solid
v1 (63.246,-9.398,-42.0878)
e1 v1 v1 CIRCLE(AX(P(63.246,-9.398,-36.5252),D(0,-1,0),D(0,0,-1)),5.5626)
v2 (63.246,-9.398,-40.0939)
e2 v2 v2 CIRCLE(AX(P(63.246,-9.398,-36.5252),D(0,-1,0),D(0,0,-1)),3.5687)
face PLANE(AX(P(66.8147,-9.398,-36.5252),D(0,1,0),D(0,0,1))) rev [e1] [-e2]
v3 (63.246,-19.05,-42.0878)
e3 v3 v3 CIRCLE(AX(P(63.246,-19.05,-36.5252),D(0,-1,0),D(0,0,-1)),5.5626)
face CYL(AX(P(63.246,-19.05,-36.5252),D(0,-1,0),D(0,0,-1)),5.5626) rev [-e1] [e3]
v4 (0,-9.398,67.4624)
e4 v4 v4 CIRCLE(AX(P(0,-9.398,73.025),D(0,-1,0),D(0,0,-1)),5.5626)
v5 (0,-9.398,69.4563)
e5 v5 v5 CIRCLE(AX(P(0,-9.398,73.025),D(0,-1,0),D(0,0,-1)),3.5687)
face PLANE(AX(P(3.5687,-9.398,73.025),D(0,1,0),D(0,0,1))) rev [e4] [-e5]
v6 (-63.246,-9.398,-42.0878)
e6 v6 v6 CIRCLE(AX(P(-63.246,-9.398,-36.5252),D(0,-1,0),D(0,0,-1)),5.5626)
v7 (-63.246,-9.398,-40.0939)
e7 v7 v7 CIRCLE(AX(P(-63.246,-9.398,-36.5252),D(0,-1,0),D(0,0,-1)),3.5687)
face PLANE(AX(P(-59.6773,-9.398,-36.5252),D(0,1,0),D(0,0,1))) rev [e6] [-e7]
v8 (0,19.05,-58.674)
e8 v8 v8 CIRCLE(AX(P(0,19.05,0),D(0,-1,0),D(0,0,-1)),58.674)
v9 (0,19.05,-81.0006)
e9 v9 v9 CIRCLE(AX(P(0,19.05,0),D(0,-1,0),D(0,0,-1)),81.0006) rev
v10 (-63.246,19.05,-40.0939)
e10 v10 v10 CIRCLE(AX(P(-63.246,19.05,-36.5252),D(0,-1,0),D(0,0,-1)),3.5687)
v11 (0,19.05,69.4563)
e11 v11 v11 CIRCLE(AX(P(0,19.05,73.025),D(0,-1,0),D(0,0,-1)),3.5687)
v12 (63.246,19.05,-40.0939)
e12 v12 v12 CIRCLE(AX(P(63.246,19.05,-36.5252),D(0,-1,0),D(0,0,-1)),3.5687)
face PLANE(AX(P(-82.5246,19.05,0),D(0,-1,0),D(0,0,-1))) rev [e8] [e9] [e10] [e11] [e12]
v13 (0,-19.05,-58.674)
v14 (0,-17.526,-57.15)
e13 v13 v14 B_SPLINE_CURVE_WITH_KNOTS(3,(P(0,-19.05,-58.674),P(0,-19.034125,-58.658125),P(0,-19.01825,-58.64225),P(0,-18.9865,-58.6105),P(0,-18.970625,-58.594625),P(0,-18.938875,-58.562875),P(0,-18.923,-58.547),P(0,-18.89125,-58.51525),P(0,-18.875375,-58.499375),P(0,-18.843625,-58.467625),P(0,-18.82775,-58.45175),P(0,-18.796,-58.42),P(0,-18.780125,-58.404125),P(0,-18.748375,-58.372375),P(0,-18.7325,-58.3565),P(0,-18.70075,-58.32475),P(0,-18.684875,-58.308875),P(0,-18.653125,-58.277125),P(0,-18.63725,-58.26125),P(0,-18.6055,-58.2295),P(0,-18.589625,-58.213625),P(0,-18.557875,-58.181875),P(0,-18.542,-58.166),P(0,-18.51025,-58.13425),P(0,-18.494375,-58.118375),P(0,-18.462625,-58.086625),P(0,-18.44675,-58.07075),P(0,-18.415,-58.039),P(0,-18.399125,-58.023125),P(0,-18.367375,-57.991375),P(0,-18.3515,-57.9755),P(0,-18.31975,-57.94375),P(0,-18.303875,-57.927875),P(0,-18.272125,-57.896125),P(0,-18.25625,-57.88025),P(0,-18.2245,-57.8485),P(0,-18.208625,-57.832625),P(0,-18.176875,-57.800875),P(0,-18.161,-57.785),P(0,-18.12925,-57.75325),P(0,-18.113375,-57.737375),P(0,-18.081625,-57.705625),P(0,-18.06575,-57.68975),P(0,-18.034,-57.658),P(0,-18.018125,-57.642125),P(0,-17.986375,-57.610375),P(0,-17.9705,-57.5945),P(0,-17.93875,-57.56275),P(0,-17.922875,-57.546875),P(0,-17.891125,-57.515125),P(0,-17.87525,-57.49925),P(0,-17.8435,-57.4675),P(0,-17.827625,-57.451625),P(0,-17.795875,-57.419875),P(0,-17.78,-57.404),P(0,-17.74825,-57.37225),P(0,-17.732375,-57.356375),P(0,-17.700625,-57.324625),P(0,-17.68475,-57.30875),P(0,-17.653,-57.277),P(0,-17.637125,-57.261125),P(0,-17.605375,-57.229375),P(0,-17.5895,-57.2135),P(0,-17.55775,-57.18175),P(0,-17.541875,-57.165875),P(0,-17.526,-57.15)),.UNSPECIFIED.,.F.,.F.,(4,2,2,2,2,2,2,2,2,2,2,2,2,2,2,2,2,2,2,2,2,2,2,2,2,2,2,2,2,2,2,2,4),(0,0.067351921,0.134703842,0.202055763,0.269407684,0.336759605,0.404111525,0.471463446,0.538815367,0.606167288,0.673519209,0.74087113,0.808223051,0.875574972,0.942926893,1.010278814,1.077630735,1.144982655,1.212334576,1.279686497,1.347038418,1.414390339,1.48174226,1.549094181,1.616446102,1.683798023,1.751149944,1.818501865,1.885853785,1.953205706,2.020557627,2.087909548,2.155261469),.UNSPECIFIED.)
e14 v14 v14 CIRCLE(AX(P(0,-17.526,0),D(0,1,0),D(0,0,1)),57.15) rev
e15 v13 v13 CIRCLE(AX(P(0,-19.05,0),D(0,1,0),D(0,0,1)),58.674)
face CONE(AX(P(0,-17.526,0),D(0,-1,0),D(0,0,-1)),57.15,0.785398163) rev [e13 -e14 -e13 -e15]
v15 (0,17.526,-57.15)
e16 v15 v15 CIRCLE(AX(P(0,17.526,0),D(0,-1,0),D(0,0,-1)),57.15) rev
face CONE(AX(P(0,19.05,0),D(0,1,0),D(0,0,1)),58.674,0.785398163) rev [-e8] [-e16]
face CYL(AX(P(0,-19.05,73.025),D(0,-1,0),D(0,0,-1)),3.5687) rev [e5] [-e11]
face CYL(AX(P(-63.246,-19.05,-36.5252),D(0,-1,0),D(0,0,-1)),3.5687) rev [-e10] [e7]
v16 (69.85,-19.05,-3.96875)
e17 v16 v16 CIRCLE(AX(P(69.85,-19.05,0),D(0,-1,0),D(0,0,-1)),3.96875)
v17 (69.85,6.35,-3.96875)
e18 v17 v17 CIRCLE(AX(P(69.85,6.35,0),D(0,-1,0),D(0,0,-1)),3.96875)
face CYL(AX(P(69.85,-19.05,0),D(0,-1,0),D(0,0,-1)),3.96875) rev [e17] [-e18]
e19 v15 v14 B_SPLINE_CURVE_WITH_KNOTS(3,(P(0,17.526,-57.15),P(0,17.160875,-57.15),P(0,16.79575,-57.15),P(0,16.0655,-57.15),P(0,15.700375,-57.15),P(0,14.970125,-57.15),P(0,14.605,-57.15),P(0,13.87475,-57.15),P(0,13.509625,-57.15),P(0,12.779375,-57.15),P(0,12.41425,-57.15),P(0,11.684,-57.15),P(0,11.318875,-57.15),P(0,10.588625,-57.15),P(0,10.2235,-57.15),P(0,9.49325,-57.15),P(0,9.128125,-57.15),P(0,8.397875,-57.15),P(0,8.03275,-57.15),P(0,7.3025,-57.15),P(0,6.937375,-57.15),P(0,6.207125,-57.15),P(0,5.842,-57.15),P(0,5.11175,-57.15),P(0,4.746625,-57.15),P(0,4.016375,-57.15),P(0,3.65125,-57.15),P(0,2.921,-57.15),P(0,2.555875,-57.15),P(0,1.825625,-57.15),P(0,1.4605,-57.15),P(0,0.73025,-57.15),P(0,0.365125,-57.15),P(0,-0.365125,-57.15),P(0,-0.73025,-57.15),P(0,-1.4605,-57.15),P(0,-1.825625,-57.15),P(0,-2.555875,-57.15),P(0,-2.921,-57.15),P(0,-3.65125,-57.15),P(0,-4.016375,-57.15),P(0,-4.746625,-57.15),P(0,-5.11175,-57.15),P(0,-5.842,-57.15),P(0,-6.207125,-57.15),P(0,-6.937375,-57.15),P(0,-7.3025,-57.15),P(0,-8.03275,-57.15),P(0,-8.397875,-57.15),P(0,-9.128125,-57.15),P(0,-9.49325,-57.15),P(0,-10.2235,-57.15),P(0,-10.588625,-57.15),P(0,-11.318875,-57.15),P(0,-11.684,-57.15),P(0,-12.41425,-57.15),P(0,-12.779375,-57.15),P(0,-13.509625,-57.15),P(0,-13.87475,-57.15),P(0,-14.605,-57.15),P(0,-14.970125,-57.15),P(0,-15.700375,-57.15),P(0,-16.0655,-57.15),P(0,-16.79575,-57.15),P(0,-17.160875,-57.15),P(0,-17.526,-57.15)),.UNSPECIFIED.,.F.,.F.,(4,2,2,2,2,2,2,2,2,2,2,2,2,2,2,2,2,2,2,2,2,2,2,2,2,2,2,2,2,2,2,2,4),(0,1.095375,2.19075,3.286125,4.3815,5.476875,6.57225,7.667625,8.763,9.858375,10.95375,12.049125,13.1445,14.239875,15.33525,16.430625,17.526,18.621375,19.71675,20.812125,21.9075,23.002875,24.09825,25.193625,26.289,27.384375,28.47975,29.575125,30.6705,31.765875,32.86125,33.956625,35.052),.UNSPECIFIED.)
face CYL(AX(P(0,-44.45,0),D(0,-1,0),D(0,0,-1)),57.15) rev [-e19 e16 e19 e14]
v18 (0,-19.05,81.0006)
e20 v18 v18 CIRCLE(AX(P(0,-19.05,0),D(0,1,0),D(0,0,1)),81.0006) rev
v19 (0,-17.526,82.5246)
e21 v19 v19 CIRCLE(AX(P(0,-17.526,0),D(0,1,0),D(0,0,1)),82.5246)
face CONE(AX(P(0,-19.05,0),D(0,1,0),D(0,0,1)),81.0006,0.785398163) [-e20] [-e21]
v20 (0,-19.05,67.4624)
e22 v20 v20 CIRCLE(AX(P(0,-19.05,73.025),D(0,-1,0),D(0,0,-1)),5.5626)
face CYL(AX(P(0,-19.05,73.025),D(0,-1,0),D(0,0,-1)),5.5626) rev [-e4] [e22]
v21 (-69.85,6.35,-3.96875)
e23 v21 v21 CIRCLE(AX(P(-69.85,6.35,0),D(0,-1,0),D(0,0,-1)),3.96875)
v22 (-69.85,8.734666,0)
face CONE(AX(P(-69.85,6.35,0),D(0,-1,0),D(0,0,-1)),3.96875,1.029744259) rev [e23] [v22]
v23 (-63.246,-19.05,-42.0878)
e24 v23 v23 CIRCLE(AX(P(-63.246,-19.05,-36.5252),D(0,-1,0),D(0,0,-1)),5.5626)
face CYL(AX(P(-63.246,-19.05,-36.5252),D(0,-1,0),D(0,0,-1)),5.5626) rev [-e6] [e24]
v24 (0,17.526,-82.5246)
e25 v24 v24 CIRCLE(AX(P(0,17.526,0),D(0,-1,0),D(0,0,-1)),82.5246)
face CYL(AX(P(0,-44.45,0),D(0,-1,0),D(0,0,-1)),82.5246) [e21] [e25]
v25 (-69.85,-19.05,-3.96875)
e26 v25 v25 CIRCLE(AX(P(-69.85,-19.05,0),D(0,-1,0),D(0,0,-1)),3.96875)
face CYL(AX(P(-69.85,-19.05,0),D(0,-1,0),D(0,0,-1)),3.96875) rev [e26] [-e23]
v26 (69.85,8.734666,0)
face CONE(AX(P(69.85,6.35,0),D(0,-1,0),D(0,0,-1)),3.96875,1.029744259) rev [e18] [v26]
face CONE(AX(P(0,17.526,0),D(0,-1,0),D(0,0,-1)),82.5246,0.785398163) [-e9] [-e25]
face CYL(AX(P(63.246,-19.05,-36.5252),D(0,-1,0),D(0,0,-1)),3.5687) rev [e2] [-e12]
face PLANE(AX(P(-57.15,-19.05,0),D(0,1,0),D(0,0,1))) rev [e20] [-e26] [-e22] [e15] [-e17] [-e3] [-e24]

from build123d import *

# Parameters (mm, degrees)
SKETCH1_W                                        = 38.1
SKETCH1_H                                        = 25.3746
CBORE_FOR_1_4_SOCKET_HEAD_CAP_SCREW1_D           = 7.1374
CBORE_FOR_1_4_SOCKET_HEAD_CAP_SCREW1_DEPTH       = 38.1
CBORE_FOR_1_4_SOCKET_HEAD_CAP_SCREW1_CBORE_D     = 11.1252
CBORE_FOR_1_4_SOCKET_HEAD_CAP_SCREW1_CBORE_DEPTH = 9.652
CBORE_FOR_1_4_SOCKET_HEAD_CAP_SCREW1_TIP         = 2.144291291
F_3_8_16_TAPPED_HOLE2_D                          = 7.9375
F_3_8_16_TAPPED_HOLE2_DEPTH                      = 25.4
F_3_8_16_TAPPED_HOLE2_TIP                        = 2.384665582
CHAMFER1_SIZE                                    = 1.524


with BuildPart() as part:
    # Sketch1 → Revolve1 (revolve)
    with BuildSketch(Plane(origin=(0, 0, 0), x_dir=(0, 1, 0), z_dir=(0, 0, 1)), mode=Mode.PRIVATE) as revolve1_sk:
        with Locations((0, 69.8373)):
            Rectangle(SKETCH1_W, SKETCH1_H)
    revolve(revolve1_sk.sketch.rotate(Axis((0, -44.45, 0), (0, 1, 0)), 270), axis=Axis((0, -44.45, 0), (0, 1, 0)))

    # CBORE for 1/4 Socket Head Cap Screw1
    with Locations(Plane(origin=(0, -19.05, 0), x_dir=(-1, 0, 0), z_dir=(0, -1, 0))):
        with Locations((0, -73.025), (-63.246, 36.5252), (63.246, 36.5252)):
            CounterBoreHole(CBORE_FOR_1_4_SOCKET_HEAD_CAP_SCREW1_D / 2, CBORE_FOR_1_4_SOCKET_HEAD_CAP_SCREW1_CBORE_D / 2, CBORE_FOR_1_4_SOCKET_HEAD_CAP_SCREW1_CBORE_DEPTH, depth=CBORE_FOR_1_4_SOCKET_HEAD_CAP_SCREW1_DEPTH)
            with Locations((0, 0, -(CBORE_FOR_1_4_SOCKET_HEAD_CAP_SCREW1_DEPTH + CBORE_FOR_1_4_SOCKET_HEAD_CAP_SCREW1_TIP / 2))):  # 118° drill point
                Cone(0, CBORE_FOR_1_4_SOCKET_HEAD_CAP_SCREW1_D / 2, CBORE_FOR_1_4_SOCKET_HEAD_CAP_SCREW1_TIP, mode=Mode.SUBTRACT)

    # 3/8-16 Tapped Hole2
    with Locations(Plane(origin=(0, -19.05, 0), x_dir=(-1, 0, 0), z_dir=(0, -1, 0))):
        with Locations((-69.85, 0), (69.85, 0)):
            Hole(F_3_8_16_TAPPED_HOLE2_D / 2, depth=F_3_8_16_TAPPED_HOLE2_DEPTH)
            with Locations((0, 0, -(F_3_8_16_TAPPED_HOLE2_DEPTH + F_3_8_16_TAPPED_HOLE2_TIP / 2))):  # 118° drill point
                Cone(0, F_3_8_16_TAPPED_HOLE2_D / 2, F_3_8_16_TAPPED_HOLE2_TIP, mode=Mode.SUBTRACT)

    # Chamfer1
    chamfer1_edges = [part.edges().sort_by_distance(p)[0] for p in [
        (0, -19.05, 57.15),
        (0, 19.05, 57.15),
        (0, 19.05, 82.5246),
        (0, -19.05, 82.5246),
    ]]
    chamfer(chamfer1_edges, length=CHAMFER1_SIZE)


solid = part.part
